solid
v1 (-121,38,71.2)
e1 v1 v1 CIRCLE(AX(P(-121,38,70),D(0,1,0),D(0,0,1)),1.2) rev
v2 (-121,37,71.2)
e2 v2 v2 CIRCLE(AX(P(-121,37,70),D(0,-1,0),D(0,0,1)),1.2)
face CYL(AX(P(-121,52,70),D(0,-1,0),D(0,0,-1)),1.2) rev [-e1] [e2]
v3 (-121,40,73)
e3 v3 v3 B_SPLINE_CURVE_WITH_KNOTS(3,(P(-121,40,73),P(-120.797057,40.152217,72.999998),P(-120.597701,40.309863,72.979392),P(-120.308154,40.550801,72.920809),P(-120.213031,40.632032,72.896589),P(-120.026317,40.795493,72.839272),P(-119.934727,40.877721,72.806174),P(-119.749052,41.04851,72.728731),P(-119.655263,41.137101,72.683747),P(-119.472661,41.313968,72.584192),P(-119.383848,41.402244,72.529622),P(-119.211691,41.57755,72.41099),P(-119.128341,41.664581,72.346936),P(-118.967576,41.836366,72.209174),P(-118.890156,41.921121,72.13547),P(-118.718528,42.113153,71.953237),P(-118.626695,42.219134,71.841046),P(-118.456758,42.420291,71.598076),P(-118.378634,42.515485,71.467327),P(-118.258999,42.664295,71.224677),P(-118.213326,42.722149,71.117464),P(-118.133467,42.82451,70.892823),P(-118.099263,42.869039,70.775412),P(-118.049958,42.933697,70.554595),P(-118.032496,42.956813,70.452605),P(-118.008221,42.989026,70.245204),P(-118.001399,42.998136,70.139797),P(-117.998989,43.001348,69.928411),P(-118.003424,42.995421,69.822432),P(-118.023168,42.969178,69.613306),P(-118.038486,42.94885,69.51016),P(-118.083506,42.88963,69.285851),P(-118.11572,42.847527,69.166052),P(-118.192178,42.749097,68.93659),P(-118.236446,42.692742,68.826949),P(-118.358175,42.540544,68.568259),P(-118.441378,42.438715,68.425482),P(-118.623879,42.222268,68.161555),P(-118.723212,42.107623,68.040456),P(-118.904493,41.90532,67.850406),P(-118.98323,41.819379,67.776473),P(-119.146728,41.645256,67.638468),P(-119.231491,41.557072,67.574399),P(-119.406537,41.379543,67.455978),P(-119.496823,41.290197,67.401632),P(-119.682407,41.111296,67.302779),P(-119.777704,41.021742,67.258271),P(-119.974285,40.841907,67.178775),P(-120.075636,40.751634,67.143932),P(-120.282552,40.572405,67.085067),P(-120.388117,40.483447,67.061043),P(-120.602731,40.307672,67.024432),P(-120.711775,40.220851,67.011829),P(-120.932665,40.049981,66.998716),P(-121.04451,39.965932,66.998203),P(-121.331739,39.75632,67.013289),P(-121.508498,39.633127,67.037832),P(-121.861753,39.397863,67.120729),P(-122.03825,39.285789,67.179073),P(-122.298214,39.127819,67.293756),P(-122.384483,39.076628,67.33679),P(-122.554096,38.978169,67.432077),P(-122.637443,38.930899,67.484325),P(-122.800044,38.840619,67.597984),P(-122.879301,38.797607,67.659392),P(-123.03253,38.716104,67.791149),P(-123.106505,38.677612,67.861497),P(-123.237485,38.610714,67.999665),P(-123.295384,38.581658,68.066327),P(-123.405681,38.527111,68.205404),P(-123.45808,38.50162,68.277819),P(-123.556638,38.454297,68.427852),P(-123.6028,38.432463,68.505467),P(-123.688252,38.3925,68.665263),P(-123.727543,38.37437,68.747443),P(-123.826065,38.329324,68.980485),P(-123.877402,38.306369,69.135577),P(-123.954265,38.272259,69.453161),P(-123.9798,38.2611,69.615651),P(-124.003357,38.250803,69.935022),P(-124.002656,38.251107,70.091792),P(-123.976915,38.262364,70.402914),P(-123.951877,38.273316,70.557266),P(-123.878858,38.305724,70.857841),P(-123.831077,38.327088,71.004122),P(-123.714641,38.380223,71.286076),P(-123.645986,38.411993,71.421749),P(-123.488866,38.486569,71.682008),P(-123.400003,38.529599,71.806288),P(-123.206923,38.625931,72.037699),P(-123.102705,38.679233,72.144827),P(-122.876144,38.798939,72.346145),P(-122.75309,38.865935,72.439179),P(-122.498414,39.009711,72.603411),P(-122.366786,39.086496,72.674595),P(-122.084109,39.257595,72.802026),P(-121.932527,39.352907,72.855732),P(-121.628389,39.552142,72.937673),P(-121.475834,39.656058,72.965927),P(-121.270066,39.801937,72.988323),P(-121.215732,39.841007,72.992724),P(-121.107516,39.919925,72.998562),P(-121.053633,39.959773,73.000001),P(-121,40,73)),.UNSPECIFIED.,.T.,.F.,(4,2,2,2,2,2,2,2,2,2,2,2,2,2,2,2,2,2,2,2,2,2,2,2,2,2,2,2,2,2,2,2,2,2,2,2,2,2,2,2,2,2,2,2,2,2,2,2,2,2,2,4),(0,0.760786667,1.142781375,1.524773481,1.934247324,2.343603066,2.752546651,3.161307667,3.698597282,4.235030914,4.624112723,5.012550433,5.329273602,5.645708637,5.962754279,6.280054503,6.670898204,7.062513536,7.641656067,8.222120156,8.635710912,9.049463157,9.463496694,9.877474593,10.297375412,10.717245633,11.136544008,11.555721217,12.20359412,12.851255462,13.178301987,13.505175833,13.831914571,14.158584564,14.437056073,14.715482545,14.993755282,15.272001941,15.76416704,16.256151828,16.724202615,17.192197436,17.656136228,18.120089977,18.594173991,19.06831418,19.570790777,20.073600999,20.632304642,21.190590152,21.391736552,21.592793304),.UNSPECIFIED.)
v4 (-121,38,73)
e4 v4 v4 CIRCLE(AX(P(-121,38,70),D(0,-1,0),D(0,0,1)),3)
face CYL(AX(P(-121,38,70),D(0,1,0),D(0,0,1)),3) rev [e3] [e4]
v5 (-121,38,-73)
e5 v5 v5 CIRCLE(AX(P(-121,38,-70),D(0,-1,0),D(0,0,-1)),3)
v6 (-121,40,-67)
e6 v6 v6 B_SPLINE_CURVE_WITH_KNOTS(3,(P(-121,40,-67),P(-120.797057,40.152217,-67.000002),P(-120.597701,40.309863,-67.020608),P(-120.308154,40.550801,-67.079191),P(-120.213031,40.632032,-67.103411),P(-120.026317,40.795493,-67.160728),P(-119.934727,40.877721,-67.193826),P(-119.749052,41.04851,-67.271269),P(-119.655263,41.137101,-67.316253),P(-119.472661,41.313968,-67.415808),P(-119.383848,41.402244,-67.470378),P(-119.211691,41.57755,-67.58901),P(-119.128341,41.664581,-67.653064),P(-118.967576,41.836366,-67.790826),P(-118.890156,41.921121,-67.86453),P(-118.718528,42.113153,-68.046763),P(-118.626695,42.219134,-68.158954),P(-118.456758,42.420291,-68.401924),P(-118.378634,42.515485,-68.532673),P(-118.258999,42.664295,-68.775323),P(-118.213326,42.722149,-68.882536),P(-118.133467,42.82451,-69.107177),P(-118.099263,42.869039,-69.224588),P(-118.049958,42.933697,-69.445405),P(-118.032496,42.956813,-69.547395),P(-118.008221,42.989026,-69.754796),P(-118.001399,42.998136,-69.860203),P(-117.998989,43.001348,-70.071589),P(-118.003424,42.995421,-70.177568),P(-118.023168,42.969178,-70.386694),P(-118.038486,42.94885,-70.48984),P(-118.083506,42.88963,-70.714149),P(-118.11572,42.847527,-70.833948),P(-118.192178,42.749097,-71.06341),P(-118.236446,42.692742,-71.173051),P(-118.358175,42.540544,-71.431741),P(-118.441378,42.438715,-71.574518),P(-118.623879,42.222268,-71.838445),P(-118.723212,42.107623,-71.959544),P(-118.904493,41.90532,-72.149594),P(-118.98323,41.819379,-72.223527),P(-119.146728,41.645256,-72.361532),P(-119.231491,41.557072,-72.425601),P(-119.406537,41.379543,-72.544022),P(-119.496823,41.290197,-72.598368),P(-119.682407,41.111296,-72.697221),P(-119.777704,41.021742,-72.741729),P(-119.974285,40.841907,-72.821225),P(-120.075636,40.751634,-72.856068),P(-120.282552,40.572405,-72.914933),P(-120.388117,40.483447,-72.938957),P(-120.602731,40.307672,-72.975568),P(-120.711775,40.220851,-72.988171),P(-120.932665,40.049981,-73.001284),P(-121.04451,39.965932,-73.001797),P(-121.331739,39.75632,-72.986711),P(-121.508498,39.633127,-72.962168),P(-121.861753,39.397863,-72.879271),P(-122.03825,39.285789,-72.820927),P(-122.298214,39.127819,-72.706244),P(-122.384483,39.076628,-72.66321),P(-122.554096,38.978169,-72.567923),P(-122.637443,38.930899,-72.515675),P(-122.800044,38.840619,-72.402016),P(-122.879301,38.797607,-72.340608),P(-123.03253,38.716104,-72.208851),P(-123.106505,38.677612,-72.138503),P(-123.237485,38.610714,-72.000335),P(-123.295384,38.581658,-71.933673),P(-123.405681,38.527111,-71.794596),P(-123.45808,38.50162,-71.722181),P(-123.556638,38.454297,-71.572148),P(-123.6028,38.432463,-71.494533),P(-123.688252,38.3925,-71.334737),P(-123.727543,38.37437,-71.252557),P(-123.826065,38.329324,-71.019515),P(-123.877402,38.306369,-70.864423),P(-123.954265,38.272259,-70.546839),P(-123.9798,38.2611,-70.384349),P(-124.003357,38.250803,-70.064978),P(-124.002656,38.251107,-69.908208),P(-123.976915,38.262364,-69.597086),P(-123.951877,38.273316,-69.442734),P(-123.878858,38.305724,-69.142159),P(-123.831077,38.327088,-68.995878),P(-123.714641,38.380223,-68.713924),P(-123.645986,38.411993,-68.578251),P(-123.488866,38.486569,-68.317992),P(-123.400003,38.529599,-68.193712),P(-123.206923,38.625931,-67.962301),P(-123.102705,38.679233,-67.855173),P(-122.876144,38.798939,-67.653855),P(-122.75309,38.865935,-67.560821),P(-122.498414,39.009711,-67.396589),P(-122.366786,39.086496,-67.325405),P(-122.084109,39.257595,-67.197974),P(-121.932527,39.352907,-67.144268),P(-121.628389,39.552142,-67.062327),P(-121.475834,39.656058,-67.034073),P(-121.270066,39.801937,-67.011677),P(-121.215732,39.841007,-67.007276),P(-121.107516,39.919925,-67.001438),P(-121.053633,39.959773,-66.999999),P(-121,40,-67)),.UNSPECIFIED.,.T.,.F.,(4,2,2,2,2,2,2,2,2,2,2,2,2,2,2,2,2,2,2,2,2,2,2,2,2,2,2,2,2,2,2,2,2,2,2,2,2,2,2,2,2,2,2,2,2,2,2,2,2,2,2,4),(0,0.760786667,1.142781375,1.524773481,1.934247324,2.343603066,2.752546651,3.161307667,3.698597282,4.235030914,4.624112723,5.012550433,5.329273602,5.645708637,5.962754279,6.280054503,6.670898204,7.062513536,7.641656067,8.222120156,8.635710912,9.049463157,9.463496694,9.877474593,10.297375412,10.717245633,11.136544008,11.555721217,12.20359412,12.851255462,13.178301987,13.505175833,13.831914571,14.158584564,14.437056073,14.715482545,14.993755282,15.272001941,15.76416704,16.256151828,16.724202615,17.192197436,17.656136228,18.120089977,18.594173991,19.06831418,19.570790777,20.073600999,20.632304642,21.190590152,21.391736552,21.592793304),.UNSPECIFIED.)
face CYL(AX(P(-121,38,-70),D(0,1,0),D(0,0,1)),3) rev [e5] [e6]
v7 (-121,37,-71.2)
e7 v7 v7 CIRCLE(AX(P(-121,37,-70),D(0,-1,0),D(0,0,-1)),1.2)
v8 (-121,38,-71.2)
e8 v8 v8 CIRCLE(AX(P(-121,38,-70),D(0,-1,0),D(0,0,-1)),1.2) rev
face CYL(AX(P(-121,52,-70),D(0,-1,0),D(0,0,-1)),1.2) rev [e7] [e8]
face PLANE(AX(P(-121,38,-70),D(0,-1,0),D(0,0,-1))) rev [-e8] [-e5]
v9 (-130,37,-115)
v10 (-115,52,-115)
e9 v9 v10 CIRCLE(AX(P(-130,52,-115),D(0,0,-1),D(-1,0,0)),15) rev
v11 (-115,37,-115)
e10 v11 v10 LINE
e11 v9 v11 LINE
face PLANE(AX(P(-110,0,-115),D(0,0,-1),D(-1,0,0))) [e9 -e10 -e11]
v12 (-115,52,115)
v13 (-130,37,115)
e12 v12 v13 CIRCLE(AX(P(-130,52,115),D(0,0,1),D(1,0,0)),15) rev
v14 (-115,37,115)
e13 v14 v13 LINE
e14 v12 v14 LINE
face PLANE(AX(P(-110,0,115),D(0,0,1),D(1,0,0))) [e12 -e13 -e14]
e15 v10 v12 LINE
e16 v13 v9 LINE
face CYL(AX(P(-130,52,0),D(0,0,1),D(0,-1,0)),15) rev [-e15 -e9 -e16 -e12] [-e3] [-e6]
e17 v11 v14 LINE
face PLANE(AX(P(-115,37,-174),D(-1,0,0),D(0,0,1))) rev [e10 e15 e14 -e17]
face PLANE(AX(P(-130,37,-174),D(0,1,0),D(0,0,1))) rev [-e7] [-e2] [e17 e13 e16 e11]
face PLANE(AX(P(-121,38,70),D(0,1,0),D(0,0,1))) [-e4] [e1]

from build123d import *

# Parameters (mm, degrees)
SKETCH1_W                  = 5
SKETCH1_H                  = 110
BOSS_EXTRUDE1_DEPTH        = 120
BOSS_EXTRUDE1_DEPTH_BACK   = 110
BOSS_EXTRUDE1_2_DEPTH      = 120
BOSS_EXTRUDE1_2_DEPTH_BACK = 110
SKETCH2_W                  = 5
SKETCH2_H                  = 37
BOSS_EXTRUDE2_DEPTH        = 50
SKETCH3_W                  = 220
SKETCH3_H                  = 5
BOSS_EXTRUDE3_DEPTH        = 50
SKETCH4_W                  = 230
SKETCH4_H                  = 73
BOSS_EXTRUDE6_DEPTH        = 5
FILLET3_R                  = 15
CUT_EXTRUDE3_DEPTH         = 231
SKETCH5_W                  = 348
SKETCH5_H                  = 227
SKETCH5_W_2                = 328
SKETCH5_H_2                = 207
BOSS_EXTRUDE7_DEPTH        = 5
BOSS_EXTRUDE8_DEPTH        = 59
FILLET5_R                  = 15
BOSS_EXTRUDE9_DEPTH        = 5
BOSS_EXTRUDE10_DEPTH       = 5
FILLET6_R                  = 3
CUT_EXTRUDE4_DEPTH         = 60
CUT_EXTRUDE4_DEPTH_BACK    = 290
SKETCH15_R                 = 1.2
CUT_EXTRUDE5_DEPTH         = 16
SKETCH18_R                 = 3
CUT_EXTRUDE6_DEPTH         = 9


with BuildPart() as part:
    # Sketch1 → Boss-Extrude1 (new body, two sides)
    with BuildSketch(Plane(origin=(0, 0, 0), x_dir=(0, 0, -1), z_dir=(1, 0, 0))) as boss_extrude1_sk:
        with Locations((-112.5, 55)):
            Rectangle(SKETCH1_W, SKETCH1_H)
    extrude(amount=BOSS_EXTRUDE1_DEPTH)
    extrude(boss_extrude1_sk.sketch, amount=-BOSS_EXTRUDE1_DEPTH_BACK)



with BuildPart() as body_2:
    # Sketch1 → Boss-Extrude1 2 (new body, two sides)
    with BuildSketch(Plane(origin=(0, 0, 0), x_dir=(0, 0, -1), z_dir=(1, 0, 0))) as boss_extrude1_2_sk:
        with Locations((112.5, 55)):
            Rectangle(SKETCH1_W, SKETCH1_H)
    extrude(amount=BOSS_EXTRUDE1_2_DEPTH)
    extrude(boss_extrude1_2_sk.sketch, amount=-BOSS_EXTRUDE1_2_DEPTH_BACK)


with BuildPart() as part_1:
    add(part.part)

    add(body_2.part)  # Boss-Extrude2 merges body 2
    # Sketch2 → Boss-Extrude2 (add)
    with BuildSketch(Plane.ZY.offset(110)):
        with Locations((-112.5, 18.5)):
            Rectangle(SKETCH2_W, SKETCH2_H)
        with Locations((112.5, 18.5)):
            Rectangle(SKETCH2_W, SKETCH2_H)
    extrude(amount=BOSS_EXTRUDE2_DEPTH)

    # Sketch3 → Boss-Extrude3 (add)
    with BuildSketch(Plane.ZY.offset(160)):
        with Locations((0, 34.5)):
            Rectangle(SKETCH3_W, SKETCH3_H)
    extrude(amount=-BOSS_EXTRUDE3_DEPTH)

    # Sketch4 → Boss-Extrude6 (add)
    with BuildSketch(Plane.ZY.offset(110)):
        with Locations((0, 73.5)):
            Rectangle(SKETCH4_W, SKETCH4_H)
    extrude(amount=BOSS_EXTRUDE6_DEPTH)

    # Fillet3
    fillet3_edges = [part_1.edges().sort_by_distance(p)[0] for p in [
        (-115, 37, 0),
    ]]
    fillet(fillet3_edges, radius=FILLET3_R)

    # Sketch9 → Cut-Extrude3 (cut, through all)
    with BuildSketch(Plane.XY.offset(115)):
        Polygon((120, 110), (116.464466094, 106.464466094), (120, 102.928932188), align=None)
    extrude(amount=-CUT_EXTRUDE3_DEPTH, mode=Mode.SUBTRACT)

    # Sketch10 → Boss-Extrude8 (add)
    with BuildSketch(Plane.XY.offset(115)):
        Polygon((120, 110), (111.464466094, 110), (111.464466094, 0), (120, 0), (120, 102.928932188), (116.464466094, 106.464466094), align=None)
    boss_extrude8 = extrude(amount=BOSS_EXTRUDE8_DEPTH)

    # Mirror3: Boss-Extrude8 across plane
    add(boss_extrude8.mirror(Plane.XY))

    # Fillet5
    fillet5_edges = [part_1.edges().sort_by_distance(p)[0] for p in [
        (111.464466094, 55, 115),
        (111.464466094, 55, -115),
    ]]
    fillet(fillet5_edges, radius=FILLET5_R)

    # Fillet6
    fillet6_edges = [part_1.edges().sort_by_distance(p)[0] for p in [
        (111.464466094, 55, 174),
        (111.464466094, 55, -174),
    ]]
    fillet(fillet6_edges, radius=FILLET6_R)


with BuildPart() as body_2_2:
    # Sketch5 → Boss-Extrude7 (new body)
    with BuildSketch(Plane(origin=(115, 115, 0), x_dir=(0, 0, 1), z_dir=(-0.707106781, -0.707106781, 0))):
        with Locations((0, -120.571067812)):
            Rectangle(SKETCH5_W, SKETCH5_H)
        with Locations((0, -120.571067812)):
            Rectangle(SKETCH5_W_2, SKETCH5_H_2, mode=Mode.SUBTRACT)
    extrude(amount=BOSS_EXTRUDE7_DEPTH)


with BuildPart() as body_3:
    # Sketch12 → Boss-Extrude9 (new body)
    with BuildSketch(Plane.XY.offset(174)):
        Polygon((120, 0), (222.928932188, 0), (120, 102.928932188), align=None)
    extrude(amount=-BOSS_EXTRUDE9_DEPTH)


with BuildPart() as body_4:
    # Sketch13 → Boss-Extrude10 (new body)
    with BuildSketch(Plane(origin=(0, 0, -174), x_dir=(-1, 0, 0), z_dir=(0, 0, -1))):
        Polygon((-120, 102.928932188), (-120, 0), (-222.928932188, 0), align=None)
    extrude(amount=-BOSS_EXTRUDE10_DEPTH)


with BuildPart() as cut_extrude4_tool:
    # Sketch14 → Cut-Extrude4 (new body, two sides)
    with BuildSketch(Plane.XY.offset(115)) as cut_extrude4_sk:
        Polygon((-130, 37), (-115, 37), (-115, 120.163626998), (321.994934014, 120.163626998), (321.994934014, -84.01084078), (-160, -84.01084078), (-160, 37), align=None)
    extrude(amount=CUT_EXTRUDE4_DEPTH)
    extrude(cut_extrude4_sk.sketch, amount=-CUT_EXTRUDE4_DEPTH_BACK)


with BuildPart() as part_2:
    add(part_1.part)

    # Cut-Extrude4: cut by cut_extrude4_tool
    add(cut_extrude4_tool.part, mode=Mode.SUBTRACT)

    # Sketch15 → Cut-Extrude5 (cut, through all)
    with BuildSketch(Plane.XZ.offset(-37)):
        with Locations((-121, -70)):
            Circle(SKETCH15_R)
        with Locations((-121, 70)):
            Circle(SKETCH15_R)
    extrude(amount=-CUT_EXTRUDE5_DEPTH, mode=Mode.SUBTRACT)

    # Sketch18 → Cut-Extrude6 (cut)
    with BuildSketch(Plane(origin=(0, 47, 0), x_dir=(-1, 0, 0), z_dir=(0, -1, 0))):
        with Locations((121, 70)):
            Circle(SKETCH18_R)
        with Locations((121, -70)):
            Circle(SKETCH18_R)
    extrude(amount=CUT_EXTRUDE6_DEPTH, mode=Mode.SUBTRACT)


with BuildPart() as body_2_2_1:
    add(body_2_2.part)

    # Cut-Extrude4: cut by cut_extrude4_tool
    add(cut_extrude4_tool.part, mode=Mode.SUBTRACT)


with BuildPart() as body_3_1:
    add(body_3.part)

    # Cut-Extrude4: cut by cut_extrude4_tool
    add(cut_extrude4_tool.part, mode=Mode.SUBTRACT)


with BuildPart() as body_4_1:
    add(body_4.part)

    # Cut-Extrude4: cut by cut_extrude4_tool
    add(cut_extrude4_tool.part, mode=Mode.SUBTRACT)


solid = part_2.part
